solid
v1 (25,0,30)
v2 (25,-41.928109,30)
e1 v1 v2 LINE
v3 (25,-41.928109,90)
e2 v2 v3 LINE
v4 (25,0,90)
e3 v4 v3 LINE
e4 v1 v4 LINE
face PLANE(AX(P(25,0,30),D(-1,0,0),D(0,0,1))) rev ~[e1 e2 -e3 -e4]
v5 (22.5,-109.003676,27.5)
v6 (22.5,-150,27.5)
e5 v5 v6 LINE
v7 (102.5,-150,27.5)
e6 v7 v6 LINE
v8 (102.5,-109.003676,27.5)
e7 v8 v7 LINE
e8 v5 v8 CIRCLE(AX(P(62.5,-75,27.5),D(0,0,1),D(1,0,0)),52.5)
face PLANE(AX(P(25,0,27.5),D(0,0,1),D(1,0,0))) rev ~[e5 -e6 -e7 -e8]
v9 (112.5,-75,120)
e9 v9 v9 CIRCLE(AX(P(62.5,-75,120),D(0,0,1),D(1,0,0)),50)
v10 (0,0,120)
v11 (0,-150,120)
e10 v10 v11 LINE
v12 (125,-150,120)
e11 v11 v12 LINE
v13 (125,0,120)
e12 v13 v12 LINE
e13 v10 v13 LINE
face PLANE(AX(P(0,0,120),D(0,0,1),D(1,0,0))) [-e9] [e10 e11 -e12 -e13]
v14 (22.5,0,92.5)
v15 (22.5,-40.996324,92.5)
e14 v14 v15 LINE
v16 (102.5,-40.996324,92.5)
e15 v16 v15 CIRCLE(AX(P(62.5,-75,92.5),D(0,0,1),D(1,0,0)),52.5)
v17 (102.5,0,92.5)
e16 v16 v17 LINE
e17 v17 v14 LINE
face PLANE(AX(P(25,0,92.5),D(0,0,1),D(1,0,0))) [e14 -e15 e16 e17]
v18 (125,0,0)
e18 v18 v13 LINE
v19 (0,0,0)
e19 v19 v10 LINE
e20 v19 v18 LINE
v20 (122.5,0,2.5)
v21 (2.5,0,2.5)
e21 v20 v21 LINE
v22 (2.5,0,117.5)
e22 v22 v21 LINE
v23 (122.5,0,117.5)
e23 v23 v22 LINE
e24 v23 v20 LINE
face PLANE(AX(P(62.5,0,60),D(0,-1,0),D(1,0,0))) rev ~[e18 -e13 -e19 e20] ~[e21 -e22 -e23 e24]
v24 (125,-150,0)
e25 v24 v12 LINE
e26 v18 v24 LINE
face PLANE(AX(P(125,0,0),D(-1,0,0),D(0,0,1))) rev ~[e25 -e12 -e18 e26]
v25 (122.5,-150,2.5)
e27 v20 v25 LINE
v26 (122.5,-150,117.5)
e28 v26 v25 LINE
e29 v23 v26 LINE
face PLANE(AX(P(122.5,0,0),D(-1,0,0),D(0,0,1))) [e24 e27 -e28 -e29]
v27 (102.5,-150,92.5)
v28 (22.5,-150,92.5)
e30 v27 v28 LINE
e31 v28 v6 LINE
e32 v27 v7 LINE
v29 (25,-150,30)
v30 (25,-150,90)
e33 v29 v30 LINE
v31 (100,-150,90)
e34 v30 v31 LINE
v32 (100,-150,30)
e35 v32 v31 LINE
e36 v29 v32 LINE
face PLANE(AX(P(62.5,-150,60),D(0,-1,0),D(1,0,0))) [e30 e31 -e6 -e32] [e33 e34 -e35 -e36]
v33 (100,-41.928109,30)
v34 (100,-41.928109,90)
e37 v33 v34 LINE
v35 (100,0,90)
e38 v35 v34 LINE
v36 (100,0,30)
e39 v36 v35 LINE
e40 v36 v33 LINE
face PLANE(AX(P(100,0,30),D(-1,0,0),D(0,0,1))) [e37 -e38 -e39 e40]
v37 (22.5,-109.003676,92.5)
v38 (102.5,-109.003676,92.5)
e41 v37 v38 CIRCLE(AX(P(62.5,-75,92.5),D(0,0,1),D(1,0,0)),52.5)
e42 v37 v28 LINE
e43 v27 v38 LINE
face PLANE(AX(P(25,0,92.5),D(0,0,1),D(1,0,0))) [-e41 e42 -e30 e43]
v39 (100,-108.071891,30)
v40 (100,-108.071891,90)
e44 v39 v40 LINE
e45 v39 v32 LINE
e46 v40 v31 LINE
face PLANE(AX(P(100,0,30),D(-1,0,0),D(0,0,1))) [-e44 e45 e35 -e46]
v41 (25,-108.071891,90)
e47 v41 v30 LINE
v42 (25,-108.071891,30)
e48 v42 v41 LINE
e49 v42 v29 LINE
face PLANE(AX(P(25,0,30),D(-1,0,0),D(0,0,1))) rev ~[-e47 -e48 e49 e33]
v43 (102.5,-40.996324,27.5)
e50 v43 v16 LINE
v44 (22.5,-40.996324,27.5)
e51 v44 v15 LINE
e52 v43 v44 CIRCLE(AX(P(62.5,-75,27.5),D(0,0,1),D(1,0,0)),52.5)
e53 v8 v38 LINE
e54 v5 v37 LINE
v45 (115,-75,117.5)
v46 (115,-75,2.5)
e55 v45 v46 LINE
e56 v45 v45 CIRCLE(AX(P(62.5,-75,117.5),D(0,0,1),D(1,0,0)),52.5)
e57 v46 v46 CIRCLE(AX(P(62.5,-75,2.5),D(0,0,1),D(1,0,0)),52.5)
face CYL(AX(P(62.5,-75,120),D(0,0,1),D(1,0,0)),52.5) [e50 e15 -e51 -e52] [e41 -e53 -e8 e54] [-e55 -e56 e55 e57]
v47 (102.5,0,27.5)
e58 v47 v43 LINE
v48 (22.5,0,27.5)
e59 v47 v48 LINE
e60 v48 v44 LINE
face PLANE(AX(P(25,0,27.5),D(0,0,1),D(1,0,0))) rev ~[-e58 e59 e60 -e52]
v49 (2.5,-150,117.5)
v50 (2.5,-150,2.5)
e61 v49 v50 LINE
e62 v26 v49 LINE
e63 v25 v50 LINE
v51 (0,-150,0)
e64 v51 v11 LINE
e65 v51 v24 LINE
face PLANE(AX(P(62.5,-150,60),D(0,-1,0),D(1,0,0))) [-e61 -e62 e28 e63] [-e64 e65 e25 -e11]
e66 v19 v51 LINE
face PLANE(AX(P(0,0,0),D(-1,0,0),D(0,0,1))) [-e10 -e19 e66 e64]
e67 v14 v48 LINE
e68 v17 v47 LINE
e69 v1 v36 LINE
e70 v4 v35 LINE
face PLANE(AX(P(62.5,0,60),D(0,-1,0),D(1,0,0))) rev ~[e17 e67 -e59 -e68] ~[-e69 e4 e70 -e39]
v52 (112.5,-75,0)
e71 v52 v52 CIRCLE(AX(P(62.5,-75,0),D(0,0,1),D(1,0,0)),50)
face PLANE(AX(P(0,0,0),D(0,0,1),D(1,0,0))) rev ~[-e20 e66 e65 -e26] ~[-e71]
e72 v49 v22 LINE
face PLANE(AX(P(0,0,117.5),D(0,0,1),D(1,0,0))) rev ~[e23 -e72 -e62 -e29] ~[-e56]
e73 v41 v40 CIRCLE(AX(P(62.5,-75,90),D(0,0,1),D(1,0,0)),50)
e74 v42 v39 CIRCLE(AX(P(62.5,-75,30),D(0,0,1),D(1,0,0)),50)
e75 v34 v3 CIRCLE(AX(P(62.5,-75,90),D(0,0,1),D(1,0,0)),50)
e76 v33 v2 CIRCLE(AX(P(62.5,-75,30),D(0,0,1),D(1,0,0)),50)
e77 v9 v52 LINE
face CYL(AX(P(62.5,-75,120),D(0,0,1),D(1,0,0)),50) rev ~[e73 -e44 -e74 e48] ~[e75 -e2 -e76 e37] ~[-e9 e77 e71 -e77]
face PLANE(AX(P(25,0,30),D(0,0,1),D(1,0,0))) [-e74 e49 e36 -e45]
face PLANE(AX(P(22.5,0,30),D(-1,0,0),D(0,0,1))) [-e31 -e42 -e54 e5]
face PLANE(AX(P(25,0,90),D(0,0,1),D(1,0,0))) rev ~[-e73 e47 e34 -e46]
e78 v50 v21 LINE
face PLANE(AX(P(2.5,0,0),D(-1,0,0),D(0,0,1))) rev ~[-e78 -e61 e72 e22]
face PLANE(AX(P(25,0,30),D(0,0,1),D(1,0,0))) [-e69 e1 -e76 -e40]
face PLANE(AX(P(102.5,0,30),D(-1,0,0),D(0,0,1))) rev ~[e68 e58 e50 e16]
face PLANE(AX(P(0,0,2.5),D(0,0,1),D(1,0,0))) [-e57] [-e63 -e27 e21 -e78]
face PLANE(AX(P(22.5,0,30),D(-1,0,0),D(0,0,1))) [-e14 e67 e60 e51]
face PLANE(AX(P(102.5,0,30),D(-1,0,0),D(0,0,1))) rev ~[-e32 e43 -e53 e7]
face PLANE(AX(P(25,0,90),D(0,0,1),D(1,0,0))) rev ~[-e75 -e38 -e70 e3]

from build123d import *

# Parameters (mm, degrees)
F0_W     = 125
F0_H     = 120
F0_W_2   = 75
F0_H_2   = 60
F1_DEPTH = 150
F2_R     = 50
F3_DEPTH = 120.001
F4_T     = -2.5


with BuildPart() as f1:
    # F0 (on Front) → F1 (new body)
    with BuildSketch(Plane.XZ):
        with Locations((62.5, 60)):
            Rectangle(F0_W, F0_H)
        with Locations((62.5, 60)):
            Rectangle(F0_W_2, F0_H_2, mode=Mode.SUBTRACT)
    extrude(amount=F1_DEPTH)

    # F2 (on face) → F3 (cut, through all)
    with BuildSketch(Plane.XY.offset(120)):
        with Locations((62.5, -75)):
            Circle(F2_R)
    extrude(amount=-F3_DEPTH, mode=Mode.SUBTRACT)

    # F4
    f4_openings = [f1.faces().sort_by_distance(p)[0] for p in [
        (1.732772, -150, 60),
        (1.732772, 0, 60),
    ]]
    offset(amount=F4_T, openings=f4_openings, kind=Kind.INTERSECTION)


solid = f1.part
